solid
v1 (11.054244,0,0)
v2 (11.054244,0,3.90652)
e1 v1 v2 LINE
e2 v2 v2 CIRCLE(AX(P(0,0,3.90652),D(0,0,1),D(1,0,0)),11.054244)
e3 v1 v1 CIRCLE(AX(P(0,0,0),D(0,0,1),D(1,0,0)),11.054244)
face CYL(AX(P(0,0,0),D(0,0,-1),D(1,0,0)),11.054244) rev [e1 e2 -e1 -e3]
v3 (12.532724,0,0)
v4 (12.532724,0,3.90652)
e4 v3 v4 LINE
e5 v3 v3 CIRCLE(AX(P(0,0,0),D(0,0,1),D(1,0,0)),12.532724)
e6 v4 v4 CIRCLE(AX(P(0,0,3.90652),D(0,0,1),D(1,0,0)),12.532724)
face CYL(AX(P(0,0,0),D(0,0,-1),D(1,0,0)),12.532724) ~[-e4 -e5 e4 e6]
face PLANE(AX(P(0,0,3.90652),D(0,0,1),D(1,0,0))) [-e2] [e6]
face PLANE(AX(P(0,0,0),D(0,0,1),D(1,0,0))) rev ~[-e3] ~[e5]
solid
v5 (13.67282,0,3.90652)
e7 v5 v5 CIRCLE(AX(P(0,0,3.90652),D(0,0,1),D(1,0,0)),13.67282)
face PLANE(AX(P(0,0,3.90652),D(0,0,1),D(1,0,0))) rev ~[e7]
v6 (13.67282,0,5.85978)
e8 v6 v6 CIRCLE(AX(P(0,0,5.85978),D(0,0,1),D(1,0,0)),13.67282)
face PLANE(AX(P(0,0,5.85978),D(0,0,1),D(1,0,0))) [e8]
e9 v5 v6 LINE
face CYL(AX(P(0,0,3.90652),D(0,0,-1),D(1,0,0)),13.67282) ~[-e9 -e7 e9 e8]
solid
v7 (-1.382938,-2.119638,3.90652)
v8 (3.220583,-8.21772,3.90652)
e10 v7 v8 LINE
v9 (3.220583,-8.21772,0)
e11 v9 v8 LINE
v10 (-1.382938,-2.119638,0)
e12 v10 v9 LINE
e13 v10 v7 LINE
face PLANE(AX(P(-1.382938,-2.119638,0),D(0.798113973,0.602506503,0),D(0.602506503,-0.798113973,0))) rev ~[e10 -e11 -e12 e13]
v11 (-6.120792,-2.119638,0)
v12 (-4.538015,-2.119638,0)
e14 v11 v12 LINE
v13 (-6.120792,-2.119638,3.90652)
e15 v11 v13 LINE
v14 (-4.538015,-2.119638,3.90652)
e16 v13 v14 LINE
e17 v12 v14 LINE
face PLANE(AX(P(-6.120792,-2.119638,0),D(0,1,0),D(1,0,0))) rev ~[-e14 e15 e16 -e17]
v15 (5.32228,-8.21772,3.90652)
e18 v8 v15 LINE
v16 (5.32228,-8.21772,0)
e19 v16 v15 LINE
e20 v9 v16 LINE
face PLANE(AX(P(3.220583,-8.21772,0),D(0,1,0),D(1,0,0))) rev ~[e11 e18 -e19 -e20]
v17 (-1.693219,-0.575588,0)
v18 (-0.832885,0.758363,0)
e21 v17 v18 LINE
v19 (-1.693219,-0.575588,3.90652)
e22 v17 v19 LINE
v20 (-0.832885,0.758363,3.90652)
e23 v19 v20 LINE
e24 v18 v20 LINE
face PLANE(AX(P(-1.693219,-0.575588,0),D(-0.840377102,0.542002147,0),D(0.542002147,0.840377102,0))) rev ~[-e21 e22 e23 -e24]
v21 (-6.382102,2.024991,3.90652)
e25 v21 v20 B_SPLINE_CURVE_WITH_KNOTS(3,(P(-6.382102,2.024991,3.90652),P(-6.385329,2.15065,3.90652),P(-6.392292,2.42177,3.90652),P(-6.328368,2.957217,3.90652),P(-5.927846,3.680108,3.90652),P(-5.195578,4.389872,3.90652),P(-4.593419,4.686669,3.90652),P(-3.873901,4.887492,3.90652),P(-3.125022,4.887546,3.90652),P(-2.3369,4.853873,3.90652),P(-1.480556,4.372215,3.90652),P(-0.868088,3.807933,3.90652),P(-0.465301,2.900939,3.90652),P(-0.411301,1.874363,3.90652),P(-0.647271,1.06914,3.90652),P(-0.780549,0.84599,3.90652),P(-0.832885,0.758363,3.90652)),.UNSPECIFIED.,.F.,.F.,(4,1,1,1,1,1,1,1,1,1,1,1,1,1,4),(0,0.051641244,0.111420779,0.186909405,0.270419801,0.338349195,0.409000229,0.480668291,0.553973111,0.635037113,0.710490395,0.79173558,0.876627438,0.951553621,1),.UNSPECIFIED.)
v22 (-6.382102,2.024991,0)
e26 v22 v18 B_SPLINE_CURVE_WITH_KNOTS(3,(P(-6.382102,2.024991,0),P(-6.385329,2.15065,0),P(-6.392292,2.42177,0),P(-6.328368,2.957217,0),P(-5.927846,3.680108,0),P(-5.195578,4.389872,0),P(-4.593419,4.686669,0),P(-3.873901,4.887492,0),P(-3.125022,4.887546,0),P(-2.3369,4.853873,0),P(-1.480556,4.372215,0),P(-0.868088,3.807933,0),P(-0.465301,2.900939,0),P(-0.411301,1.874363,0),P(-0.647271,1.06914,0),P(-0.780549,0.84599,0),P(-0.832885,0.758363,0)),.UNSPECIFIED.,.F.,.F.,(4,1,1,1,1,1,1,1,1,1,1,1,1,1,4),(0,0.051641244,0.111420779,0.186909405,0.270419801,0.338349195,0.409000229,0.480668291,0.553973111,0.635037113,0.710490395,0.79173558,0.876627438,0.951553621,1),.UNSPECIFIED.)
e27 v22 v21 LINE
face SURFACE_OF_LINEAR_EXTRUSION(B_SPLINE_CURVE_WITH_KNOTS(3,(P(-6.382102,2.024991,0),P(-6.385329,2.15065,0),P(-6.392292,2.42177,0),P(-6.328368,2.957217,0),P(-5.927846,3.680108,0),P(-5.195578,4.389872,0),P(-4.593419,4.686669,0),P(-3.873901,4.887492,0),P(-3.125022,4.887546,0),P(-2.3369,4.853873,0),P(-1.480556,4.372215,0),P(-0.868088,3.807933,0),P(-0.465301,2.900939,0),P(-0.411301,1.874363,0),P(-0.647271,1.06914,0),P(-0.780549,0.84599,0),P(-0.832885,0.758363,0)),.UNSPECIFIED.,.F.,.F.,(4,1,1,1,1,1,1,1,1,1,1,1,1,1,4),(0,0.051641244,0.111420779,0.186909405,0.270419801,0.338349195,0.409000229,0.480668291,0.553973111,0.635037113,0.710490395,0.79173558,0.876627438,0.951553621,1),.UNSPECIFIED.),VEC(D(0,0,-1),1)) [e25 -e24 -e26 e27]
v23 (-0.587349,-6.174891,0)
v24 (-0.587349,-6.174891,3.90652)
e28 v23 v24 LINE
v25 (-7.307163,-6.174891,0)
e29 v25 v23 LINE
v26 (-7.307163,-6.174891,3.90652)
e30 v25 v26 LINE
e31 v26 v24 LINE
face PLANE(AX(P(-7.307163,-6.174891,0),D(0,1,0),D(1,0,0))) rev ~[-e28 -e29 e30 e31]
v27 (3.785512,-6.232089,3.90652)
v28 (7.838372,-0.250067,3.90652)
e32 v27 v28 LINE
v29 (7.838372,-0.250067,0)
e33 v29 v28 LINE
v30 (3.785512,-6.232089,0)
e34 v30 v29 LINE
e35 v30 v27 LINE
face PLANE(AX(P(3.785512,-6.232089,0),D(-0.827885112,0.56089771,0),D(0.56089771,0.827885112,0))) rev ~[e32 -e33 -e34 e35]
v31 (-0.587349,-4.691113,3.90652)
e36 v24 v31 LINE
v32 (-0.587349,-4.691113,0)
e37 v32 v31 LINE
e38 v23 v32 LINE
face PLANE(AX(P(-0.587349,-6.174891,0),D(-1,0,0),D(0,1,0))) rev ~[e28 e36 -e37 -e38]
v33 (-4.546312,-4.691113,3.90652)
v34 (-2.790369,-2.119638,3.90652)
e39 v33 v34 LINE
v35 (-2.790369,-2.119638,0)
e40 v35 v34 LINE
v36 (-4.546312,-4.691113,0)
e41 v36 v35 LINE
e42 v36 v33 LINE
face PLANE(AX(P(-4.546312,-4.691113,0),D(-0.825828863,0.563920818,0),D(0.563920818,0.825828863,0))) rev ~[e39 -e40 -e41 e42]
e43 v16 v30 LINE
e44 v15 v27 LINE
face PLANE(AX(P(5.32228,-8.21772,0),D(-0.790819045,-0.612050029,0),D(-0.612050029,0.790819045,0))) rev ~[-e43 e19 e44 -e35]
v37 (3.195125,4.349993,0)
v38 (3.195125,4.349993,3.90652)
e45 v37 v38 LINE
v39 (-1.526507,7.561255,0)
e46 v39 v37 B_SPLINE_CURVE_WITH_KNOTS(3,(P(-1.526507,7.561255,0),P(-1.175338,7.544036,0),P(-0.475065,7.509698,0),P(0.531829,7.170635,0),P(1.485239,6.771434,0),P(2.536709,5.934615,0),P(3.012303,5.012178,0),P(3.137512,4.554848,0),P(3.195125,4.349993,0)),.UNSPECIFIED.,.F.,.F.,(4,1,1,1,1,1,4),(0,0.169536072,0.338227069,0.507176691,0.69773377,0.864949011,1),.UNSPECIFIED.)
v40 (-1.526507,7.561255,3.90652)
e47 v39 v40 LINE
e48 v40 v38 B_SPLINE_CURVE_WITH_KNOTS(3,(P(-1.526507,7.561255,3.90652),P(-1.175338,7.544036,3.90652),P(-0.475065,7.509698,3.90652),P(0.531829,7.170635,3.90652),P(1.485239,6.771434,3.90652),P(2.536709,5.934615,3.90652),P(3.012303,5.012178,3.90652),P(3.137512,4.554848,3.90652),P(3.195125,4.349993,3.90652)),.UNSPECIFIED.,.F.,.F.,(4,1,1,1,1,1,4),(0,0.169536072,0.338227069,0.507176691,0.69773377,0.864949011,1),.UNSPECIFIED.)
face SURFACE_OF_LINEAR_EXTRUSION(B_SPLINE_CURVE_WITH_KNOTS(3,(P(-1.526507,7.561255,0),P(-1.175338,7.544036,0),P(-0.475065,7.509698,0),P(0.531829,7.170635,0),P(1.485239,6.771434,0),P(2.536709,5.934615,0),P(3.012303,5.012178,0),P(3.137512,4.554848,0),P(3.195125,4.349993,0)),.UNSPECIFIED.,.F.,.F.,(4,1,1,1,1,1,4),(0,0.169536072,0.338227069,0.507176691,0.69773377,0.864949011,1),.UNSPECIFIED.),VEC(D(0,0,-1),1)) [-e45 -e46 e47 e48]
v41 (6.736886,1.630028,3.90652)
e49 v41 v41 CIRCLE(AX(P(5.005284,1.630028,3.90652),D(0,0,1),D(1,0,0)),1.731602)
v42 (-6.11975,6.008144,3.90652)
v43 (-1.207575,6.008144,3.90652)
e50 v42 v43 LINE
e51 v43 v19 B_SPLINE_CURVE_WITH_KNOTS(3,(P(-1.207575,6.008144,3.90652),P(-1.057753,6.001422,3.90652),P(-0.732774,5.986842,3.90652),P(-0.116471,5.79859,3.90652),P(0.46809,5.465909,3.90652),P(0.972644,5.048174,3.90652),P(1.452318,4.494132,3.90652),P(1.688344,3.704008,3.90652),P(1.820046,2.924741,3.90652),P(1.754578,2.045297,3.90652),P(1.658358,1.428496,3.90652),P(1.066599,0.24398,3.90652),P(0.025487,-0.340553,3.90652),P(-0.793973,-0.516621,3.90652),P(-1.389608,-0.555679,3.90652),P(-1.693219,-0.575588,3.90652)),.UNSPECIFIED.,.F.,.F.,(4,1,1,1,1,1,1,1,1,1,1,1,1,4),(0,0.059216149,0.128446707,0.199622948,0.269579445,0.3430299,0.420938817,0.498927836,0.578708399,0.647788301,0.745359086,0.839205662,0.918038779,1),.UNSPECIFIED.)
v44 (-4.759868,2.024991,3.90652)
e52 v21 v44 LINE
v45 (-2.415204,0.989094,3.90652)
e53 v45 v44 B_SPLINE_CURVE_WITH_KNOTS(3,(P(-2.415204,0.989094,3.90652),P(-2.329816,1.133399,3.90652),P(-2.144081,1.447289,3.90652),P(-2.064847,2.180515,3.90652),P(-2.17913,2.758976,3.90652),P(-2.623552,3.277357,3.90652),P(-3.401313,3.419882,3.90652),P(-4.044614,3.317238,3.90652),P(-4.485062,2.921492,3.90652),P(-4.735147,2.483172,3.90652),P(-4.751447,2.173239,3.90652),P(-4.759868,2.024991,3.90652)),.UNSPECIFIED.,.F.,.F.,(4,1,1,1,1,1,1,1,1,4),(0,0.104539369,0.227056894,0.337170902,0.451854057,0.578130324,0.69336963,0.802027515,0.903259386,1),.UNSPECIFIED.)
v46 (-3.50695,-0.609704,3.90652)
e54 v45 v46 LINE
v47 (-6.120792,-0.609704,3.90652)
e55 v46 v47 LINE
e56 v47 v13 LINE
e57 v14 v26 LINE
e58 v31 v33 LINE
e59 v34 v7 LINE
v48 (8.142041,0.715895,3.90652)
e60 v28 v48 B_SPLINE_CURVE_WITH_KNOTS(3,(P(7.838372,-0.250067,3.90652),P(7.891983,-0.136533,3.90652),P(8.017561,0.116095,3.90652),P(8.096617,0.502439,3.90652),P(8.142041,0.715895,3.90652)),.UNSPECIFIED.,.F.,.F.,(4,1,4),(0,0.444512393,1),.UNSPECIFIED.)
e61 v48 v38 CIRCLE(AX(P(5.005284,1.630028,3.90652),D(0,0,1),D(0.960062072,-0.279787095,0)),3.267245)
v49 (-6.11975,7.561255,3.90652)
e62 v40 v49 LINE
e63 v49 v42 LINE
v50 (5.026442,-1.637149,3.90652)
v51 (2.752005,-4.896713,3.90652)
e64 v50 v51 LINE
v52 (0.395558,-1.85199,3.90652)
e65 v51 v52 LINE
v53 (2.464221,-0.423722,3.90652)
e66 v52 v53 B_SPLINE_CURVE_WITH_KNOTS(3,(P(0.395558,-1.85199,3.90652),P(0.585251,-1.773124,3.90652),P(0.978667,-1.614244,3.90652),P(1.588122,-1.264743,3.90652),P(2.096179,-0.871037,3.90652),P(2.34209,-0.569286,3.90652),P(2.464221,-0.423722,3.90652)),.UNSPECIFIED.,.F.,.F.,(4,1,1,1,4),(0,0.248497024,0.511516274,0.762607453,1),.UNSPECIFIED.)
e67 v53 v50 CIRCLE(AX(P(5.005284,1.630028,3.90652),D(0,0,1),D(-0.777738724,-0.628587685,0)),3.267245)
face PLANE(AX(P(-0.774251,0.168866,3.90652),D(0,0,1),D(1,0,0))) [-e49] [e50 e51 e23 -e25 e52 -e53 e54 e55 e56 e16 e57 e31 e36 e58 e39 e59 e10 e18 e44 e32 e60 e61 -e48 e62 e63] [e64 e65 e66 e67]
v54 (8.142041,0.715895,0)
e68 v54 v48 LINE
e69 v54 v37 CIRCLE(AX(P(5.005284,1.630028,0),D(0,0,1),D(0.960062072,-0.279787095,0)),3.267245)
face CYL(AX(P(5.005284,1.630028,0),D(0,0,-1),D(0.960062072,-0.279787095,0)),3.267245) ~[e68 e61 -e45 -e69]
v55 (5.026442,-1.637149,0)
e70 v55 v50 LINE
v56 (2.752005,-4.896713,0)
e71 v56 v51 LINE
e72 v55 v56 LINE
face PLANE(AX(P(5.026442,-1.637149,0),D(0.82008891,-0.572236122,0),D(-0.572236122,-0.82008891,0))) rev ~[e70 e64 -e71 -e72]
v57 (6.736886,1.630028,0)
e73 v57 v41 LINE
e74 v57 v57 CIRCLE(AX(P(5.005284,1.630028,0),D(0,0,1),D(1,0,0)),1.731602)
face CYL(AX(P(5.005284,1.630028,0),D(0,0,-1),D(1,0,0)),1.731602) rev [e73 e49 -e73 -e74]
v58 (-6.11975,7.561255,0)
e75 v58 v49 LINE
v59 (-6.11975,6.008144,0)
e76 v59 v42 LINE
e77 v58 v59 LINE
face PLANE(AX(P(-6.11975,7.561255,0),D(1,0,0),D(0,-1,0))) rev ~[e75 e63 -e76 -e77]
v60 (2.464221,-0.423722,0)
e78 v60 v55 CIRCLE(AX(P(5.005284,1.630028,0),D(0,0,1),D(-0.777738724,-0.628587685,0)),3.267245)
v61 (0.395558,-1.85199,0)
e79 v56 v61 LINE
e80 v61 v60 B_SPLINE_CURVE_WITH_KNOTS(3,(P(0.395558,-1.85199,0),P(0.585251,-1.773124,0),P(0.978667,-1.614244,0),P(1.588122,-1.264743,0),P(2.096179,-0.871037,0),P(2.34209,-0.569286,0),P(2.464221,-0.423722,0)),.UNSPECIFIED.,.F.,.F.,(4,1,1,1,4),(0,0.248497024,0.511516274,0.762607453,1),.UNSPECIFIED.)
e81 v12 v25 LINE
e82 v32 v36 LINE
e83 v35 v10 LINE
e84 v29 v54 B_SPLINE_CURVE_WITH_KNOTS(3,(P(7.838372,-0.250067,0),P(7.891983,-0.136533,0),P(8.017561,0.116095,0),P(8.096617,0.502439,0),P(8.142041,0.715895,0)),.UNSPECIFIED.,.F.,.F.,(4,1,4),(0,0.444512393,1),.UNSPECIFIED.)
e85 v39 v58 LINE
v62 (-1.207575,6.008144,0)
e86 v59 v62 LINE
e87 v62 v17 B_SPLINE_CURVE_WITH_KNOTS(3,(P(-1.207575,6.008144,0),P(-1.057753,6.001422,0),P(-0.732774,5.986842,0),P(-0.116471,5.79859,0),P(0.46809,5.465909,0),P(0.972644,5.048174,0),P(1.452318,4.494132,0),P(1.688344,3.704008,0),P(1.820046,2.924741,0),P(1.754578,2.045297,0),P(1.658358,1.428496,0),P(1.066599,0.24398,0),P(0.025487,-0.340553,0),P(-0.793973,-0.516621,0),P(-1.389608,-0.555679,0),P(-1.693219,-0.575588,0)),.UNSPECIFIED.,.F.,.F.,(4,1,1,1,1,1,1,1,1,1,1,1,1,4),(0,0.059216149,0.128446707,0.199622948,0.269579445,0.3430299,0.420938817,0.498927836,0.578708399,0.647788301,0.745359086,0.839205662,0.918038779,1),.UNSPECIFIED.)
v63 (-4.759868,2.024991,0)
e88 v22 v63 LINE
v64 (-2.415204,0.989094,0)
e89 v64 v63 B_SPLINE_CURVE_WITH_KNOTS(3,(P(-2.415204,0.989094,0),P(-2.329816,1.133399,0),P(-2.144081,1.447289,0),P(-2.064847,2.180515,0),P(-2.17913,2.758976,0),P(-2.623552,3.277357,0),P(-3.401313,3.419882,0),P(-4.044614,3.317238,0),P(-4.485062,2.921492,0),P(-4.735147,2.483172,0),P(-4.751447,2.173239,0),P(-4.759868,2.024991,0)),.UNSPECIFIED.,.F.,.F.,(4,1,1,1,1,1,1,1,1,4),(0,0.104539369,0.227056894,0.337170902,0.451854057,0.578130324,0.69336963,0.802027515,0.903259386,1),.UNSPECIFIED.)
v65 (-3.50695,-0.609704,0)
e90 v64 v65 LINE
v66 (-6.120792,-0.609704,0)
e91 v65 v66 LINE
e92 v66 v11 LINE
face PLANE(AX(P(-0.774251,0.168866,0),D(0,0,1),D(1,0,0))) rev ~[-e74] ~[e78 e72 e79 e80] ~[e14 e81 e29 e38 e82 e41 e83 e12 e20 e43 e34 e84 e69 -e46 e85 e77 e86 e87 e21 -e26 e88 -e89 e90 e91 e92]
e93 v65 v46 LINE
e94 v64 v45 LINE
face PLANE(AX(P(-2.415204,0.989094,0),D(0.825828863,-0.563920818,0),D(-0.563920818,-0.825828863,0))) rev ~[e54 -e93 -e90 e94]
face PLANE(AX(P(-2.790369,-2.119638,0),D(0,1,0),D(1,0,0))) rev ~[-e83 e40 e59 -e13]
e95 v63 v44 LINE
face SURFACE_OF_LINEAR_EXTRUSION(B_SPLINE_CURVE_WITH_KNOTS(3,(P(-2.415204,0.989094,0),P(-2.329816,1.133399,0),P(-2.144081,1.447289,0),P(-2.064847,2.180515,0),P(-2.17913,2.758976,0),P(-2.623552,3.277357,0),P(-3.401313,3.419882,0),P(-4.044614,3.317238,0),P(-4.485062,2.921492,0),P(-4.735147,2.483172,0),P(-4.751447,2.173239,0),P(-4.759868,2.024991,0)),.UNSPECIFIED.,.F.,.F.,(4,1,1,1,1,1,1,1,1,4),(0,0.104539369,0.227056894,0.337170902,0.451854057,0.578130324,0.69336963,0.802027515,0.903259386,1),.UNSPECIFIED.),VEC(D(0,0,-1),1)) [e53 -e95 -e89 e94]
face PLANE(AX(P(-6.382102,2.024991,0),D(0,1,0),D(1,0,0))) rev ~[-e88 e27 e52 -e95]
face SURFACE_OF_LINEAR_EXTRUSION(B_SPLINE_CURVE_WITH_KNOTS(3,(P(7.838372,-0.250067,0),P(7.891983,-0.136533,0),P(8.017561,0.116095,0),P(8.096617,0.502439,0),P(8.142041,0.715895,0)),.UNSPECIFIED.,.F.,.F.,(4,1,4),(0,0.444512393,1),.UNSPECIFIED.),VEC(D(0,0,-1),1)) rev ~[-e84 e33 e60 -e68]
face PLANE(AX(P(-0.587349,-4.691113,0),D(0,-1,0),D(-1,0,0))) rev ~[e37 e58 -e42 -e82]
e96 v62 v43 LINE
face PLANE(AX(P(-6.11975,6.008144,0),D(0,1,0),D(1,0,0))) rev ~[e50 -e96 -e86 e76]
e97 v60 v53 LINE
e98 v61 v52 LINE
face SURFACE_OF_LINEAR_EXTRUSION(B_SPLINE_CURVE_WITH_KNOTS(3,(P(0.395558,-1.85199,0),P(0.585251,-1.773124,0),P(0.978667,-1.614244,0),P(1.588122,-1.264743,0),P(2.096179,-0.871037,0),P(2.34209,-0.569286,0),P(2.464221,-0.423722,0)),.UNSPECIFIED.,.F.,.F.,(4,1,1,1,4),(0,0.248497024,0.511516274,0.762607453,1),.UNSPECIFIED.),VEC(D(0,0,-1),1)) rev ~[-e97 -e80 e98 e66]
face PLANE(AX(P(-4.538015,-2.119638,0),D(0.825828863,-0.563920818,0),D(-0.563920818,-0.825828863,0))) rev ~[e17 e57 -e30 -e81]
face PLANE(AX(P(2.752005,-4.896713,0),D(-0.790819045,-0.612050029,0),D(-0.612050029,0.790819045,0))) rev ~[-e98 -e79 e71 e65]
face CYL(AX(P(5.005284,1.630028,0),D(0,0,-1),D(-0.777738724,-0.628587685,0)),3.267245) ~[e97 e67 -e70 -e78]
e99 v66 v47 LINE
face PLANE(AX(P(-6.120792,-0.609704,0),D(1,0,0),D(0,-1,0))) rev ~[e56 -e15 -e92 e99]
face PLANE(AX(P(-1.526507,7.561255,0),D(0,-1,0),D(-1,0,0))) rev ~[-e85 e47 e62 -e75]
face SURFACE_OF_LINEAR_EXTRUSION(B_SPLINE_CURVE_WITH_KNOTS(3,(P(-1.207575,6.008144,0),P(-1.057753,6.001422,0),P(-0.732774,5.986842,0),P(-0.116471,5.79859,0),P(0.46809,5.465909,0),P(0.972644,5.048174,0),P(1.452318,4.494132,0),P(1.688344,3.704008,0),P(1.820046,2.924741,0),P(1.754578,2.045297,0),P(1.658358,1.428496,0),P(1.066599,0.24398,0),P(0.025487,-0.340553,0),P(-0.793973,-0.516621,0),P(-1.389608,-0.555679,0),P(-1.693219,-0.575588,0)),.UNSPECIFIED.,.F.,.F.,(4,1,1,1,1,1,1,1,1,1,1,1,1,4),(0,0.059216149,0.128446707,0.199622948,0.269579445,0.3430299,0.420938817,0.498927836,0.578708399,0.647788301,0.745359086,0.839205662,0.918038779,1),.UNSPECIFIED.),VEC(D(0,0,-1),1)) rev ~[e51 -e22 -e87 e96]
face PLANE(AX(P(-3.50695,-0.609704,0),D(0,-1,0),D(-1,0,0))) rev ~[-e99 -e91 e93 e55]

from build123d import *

# Parameters (mm, degrees)
F0_R     = 40.743575646
F0_R_2   = 35.9370755103
F1_DEPTH = 12.7
F0_R_3   = 5.6293955183
F2_R     = 44.45
F2_R_2   = 40.743575646
F2_R_3   = 35.9370755103
F3_DEPTH = 6.35
F4_SCALE = 0.3076


with BuildPart() as f1:
    # F0 (on Top) → F1 (new body)
    with BuildSketch(Plane.XY):
        Circle(F0_R)
        Circle(F0_R_2, mode=Mode.SUBTRACT)
    extrude(amount=F1_DEPTH)


with BuildPart() as f1b:
    # F0 (on Top) → F1, piece 2 (new body)
    with BuildSketch(Plane.XY):
        with BuildLine():
            Line((-19.8951568455, 24.5814528316), (-19.8951568455, 19.5323266089))
            Line((-19.8951568455, 19.5323266089), (-3.9257956669, 19.5323266089))
            add(Edge.make_bspline(
                [(-3.9257956669, 19.5323266089), (-3.438730328, 19.5104746303), (-2.3822290182, 19.4630751498), (-0.3786449133, 18.8510730848), (1.5217501862, 17.7695366524), (3.1620424026, 16.4114883974), (4.7214509943, 14.610312046), (5.4887646841, 12.0416388777), (5.9169250957, 9.5082594869), (5.7040910778, 6.649210774), (5.3912798009, 4.644006255), (3.4674883158, 0.793172229), (0.0828565548, -1.1071295737), (-2.5811872556, -1.6795230915), (-4.5175807143, -1.806500076), (-5.5046128109, -1.8712236779)],
                knots=[0, 0, 0, 0, 0.059216149, 0.1284467073, 0.1996229482, 0.2695794451, 0.3430298998, 0.4209388166, 0.4989278355, 0.5787083991, 0.6477883009, 0.7453590863, 0.8392056624, 0.918038779, 1, 1, 1, 1], degree=3))
            Line((-5.5046128109, -1.8712236779), (-2.7076895349, 2.4654201698))
            add(Edge.make_bspline(
                [(-20.7480546087, 6.5831956454), (-20.7585460718, 6.9917088112), (-20.781182378, 7.8731139097), (-20.5733666547, 9.6138395938), (-19.2712796736, 11.9639407263), (-16.8906951298, 14.2713663404), (-14.9330924971, 15.2362466845), (-12.5939575694, 15.8891147734), (-10.1593680521, 15.8892909143), (-7.5972028093, 15.7798217838), (-4.8132509192, 14.2139633666), (-2.8221318459, 12.3794947125), (-1.5126834746, 9.4308803845), (-1.3371288245, 6.0935091977), (-2.1042610126, 3.4757483807), (-2.5375457377, 2.7502941389), (-2.7076895349, 2.4654201698)],
                knots=[0, 0, 0, 0, 0.0516412436, 0.1114207795, 0.1869094046, 0.2704198006, 0.3383491951, 0.4090002294, 0.480668291, 0.5539731113, 0.6350371126, 0.7104903951, 0.7917355804, 0.8766274376, 0.9515536205, 1, 1, 1, 1], degree=3))
            Line((-20.7480546087, 6.5831956454), (-15.4742142186, 6.5831956454))
            add(Edge.make_bspline(
                [(-7.8517684109, 3.21552063), (-7.5741734312, 3.684653407), (-6.9703547629, 4.7051001235), (-6.7127666006, 7.0888011395), (-7.0842992475, 8.9693634449), (-8.5291037384, 10.6546081618), (-11.0575844103, 11.117951687), (-13.1489417529, 10.7842585024), (-14.5808251241, 9.4976987447), (-15.3938474452, 8.0727306079), (-15.4468377745, 7.065145422), (-15.4742142186, 6.5831956454)],
                knots=[0, 0, 0, 0, 0.1045393686, 0.227056894, 0.3371709022, 0.4518540569, 0.5781303241, 0.6933696298, 0.8020275151, 0.9032593864, 1, 1, 1, 1], degree=3))
            Line((-7.8517684109, 3.21552063), (-11.4010088146, -1.9821331371))
            Line((-11.4010088146, -1.9821331371), (-19.8985431343, -1.9821331371))
            Line((-19.8985431343, -1.9821331371), (-19.8985431343, -6.8908896075))
            Line((-19.8985431343, -6.8908896075), (-14.752974447, -6.8908896075))
            Line((-14.752974447, -6.8908896075), (-23.7554050982, -20.0744196773))
            Line((-23.7554050982, -20.0744196773), (-1.9094585441, -20.0744196773))
            Line((-1.9094585441, -20.0744196773), (-1.9094585441, -15.2506930754))
            Line((-1.9094585441, -15.2506930754), (-14.7799476981, -15.2506930754))
            Line((-14.7799476981, -15.2506930754), (-9.0714196651, -6.8908896075))
            Line((-9.0714196651, -6.8908896075), (-4.4958987012, -6.8908896075))
            Line((-4.4958987012, -6.8908896075), (10.4700345807, -26.71560587))
            Line((10.4700345807, -26.71560587), (17.302600693, -26.71560587))
            Line((17.302600693, -26.71560587), (12.3066055055, -20.2603686264))
            Line((12.3066055055, -20.2603686264), (25.4823547118, -0.812960615))
            add(Edge.make_bspline(
                [(25.4823547118, -0.812960615), (25.6566407717, -0.4438653858), (26.0648915746, 0.3774209025), (26.3219014686, 1.6334176353), (26.469575067, 2.3273559579)],
                knots=[0, 0, 0, 0, 0.4445123929, 1, 1, 1, 1], degree=3))
            ThreePointArc((26.469575067, 2.3273559579), (22.5605141403, 13.8593457354), (10.3872726001, 14.1417213007))
            add(Edge.make_bspline(
                [(-4.9626356922, 24.5814528316), (-3.8209935742, 24.5254755311), (-1.5444243858, 24.4138432536), (1.7289639252, 23.3115556385), (4.8284754767, 22.0137660162), (8.2467777318, 19.2932876461), (9.7929211096, 16.2944683265), (10.1999733088, 14.8076985502), (10.3872726001, 14.1417213007)],
                knots=[0, 0, 0, 0, 0.1695360722, 0.338227069, 0.5071766914, 0.6977337704, 0.8649490108, 1, 1, 1, 1], degree=3))
            Line((-4.9626356922, 24.5814528316), (-19.8951568455, 24.5814528316))
        make_face()
        with BuildLine():
            add(Edge.make_bspline(
                [(1.2859506794, -6.0207749494), (1.9026372633, -5.7643806976), (3.1816231291, -5.2478686438), (5.162946829, -4.1116478611), (6.8146264338, -2.8317200408), (7.614077877, -1.8507351717), (8.0111209502, -1.3775103922)],
                knots=[0, 0, 0, 0, 0.2484970236, 0.5115162741, 0.7626074527, 1, 1, 1, 1], degree=3))
            ThreePointArc((8.0111209502, -1.3775103922), (11.7258217447, -4.3004542916), (16.3408378537, -5.3223296982))
            Line((16.3408378537, -5.3223296982), (8.946699456, -15.9190932945))
            Line((8.946699456, -15.9190932945), (1.2859506794, -6.0207749494))
        make_face(mode=Mode.SUBTRACT)
        with Locations((16.2720531486, 5.2991794645)):
            Circle(F0_R_3, mode=Mode.SUBTRACT)
    extrude(amount=F1_DEPTH)


with BuildPart() as f3:
    # F2 (on face) → F3 (new body)
    with BuildSketch(Plane.XY.offset(12.7)):
        Circle(F2_R)
        Circle(F2_R_2, mode=Mode.SUBTRACT)
        Circle(F2_R_2)
        Circle(F2_R_3, mode=Mode.SUBTRACT)
        Circle(F2_R_3)
    extrude(amount=F3_DEPTH)


with BuildPart() as f1_1:
    # F4: moved
    add(f1.part.scale(F4_SCALE))


with BuildPart() as f1b_1:
    # F4: moved
    add(f1b.part.scale(F4_SCALE))


with BuildPart() as f3_1:
    # F4: moved
    add(f3.part.scale(F4_SCALE))


solid = Compound([f1_1.part, f1b_1.part, f3_1.part])
